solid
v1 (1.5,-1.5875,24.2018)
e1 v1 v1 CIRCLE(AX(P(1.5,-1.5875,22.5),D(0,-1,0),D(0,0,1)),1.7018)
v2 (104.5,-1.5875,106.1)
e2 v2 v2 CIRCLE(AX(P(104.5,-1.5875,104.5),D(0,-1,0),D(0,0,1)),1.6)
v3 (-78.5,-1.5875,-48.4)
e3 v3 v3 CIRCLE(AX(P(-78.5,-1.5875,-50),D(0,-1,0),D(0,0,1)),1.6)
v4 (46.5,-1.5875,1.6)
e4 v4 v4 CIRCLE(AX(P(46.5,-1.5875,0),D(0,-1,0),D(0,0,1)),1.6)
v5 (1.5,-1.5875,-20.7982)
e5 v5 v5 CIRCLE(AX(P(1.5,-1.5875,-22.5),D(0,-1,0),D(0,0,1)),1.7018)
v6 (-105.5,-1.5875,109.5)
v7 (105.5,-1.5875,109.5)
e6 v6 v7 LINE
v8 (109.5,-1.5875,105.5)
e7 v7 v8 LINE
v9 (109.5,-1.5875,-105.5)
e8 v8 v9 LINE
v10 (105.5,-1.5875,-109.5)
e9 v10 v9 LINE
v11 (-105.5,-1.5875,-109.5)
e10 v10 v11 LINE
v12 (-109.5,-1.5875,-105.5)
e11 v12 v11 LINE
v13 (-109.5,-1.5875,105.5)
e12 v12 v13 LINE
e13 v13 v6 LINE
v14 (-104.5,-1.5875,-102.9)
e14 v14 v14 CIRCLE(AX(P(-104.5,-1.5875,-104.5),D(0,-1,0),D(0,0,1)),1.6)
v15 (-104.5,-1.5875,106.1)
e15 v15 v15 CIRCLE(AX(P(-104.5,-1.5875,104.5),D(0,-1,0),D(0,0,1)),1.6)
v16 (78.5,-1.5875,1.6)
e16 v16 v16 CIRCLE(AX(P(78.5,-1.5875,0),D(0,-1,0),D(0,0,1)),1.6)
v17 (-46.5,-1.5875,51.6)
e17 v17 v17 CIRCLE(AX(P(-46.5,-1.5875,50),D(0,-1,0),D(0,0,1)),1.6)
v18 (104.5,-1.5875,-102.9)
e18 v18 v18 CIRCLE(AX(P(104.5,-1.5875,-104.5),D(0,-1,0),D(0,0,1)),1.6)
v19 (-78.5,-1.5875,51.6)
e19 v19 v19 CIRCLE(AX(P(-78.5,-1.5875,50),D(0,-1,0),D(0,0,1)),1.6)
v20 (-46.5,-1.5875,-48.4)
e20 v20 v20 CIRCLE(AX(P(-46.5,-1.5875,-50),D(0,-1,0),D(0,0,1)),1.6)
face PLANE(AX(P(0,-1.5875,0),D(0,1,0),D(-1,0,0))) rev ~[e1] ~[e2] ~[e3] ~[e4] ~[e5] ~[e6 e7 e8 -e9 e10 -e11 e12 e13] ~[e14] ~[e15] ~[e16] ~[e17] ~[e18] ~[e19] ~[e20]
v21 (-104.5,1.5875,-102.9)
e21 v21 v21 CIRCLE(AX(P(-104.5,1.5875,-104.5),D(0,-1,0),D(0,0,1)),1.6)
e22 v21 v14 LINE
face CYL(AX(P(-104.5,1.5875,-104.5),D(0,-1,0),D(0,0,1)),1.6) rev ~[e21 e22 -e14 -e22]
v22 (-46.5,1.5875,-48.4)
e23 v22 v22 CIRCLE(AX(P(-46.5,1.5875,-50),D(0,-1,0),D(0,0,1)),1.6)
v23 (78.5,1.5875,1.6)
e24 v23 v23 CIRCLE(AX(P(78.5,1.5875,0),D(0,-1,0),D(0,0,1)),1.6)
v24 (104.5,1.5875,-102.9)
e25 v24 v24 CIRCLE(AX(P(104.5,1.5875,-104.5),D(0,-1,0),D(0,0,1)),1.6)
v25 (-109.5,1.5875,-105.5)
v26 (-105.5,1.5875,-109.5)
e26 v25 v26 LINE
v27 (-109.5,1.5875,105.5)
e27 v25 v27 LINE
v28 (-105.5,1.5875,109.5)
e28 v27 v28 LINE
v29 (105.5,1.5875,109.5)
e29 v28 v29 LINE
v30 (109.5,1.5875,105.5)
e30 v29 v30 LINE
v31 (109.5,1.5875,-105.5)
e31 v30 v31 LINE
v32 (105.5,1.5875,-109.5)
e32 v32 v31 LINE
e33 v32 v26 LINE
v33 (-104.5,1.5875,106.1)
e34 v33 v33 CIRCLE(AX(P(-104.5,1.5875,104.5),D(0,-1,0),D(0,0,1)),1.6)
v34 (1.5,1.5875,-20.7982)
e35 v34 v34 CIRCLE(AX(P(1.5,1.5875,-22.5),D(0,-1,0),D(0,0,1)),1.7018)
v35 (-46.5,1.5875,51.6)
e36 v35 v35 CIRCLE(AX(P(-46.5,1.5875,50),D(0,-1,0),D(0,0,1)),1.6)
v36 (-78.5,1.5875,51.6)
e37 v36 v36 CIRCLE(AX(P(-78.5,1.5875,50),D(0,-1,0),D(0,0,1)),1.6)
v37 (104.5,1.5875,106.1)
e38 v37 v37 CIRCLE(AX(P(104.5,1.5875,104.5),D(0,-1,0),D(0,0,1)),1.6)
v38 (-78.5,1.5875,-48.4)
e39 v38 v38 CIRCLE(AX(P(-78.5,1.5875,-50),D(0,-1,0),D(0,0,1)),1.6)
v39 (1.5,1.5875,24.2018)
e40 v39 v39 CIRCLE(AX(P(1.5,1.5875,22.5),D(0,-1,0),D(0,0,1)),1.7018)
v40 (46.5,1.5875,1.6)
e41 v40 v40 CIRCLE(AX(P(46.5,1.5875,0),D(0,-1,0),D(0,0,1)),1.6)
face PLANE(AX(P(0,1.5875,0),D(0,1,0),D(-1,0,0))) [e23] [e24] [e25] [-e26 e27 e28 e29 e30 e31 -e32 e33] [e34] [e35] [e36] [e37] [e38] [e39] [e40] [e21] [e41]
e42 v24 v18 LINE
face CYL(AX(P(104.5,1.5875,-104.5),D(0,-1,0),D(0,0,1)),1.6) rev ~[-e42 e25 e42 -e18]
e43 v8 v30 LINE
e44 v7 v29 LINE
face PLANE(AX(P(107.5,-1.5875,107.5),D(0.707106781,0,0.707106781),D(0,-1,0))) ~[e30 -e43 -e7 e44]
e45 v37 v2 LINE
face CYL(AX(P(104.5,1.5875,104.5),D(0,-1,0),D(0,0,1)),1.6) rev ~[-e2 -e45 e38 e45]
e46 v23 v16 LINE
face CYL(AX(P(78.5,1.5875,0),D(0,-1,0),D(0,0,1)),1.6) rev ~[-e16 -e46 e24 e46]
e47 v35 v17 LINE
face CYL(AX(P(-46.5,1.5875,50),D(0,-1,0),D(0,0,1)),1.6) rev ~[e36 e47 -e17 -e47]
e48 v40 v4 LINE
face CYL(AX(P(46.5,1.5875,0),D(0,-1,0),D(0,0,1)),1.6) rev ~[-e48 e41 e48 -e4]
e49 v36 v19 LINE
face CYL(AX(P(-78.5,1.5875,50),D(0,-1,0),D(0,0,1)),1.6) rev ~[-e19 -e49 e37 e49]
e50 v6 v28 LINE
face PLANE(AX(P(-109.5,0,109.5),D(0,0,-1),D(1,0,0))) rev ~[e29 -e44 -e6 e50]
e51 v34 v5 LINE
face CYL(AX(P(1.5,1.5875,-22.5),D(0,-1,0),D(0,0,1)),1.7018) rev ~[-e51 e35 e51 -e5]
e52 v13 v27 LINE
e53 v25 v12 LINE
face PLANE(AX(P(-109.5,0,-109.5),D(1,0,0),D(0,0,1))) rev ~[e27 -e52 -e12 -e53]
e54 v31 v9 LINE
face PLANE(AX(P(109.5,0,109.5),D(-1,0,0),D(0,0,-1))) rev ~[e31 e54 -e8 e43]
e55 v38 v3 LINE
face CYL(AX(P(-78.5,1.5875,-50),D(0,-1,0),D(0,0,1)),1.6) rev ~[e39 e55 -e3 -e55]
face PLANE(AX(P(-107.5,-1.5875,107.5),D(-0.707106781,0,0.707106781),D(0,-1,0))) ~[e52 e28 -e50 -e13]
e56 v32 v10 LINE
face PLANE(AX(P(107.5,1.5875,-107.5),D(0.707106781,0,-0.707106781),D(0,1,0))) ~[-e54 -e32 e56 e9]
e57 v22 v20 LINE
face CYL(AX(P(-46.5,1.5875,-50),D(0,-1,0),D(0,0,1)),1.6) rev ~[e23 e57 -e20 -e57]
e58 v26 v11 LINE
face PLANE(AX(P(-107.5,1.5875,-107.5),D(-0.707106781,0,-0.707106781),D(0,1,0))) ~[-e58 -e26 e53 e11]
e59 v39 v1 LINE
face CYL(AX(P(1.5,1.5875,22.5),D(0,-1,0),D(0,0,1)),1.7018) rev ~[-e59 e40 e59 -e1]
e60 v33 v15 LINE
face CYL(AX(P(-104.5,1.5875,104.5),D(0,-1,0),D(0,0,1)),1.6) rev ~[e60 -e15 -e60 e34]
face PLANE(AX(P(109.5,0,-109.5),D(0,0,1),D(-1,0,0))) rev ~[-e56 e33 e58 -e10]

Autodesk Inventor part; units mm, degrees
ref_plane "YZ Plane" through (0, 0, 0) normal (1, 0, 0) x (0, 1, 0)
ref_plane "XZ Plane" through (0, 0, 0) normal (0, 1, 0) x (-1, 0, 0)
ref_plane "XY Plane" through (0, 0, 0) normal (0, 0, 1) x (1, 0, 0)
sketch "Sketch1" plane through (0, 0, 0) normal (0, 1, 0) x (-1, 0, 0)
  line L0 (109.5, 109.5) -> (-109.5, 109.5)
  line L1 (-109.5, 109.5) -> (-109.5, -109.5)
  line L2 (-109.5, -109.5) -> (109.5, -109.5)
  line L3 (109.5, -109.5) -> (109.5, 109.5)
  line L4 (109.5, 109.5) -> (-109.5, -109.5) construction
  line L5 (-109.5, 109.5) -> (109.5, -109.5) construction
  point P0 (0, 0)
  dimension "d0" = 219
extrude "Extrusion1" add sketch "Sketch1" along normal mid plane 3.175
chamfer "Chamfer1" distance 4 angle 45 4 edges at (-109.5, 0, 109.5) (-109.5, 0, -109.5) (109.5, 0, -109.5) (109.5, 0, 109.5)
sketch "Sketch3" plane through (0, 1.5875, 0) normal (0, 1, 0) x (1, 0, 0)
  line L0 (-104.5, -104.5) -> (104.5, -104.5) construction
  line L1 (104.5, -104.5) -> (104.5, 104.5) construction
  line L2 (104.5, 104.5) -> (-104.5, 104.5) construction
  line L3 (-104.5, 104.5) -> (-104.5, -104.5) construction
  line L4 (-104.5, -104.5) -> (104.5, 104.5) construction
  line L5 (104.5, -104.5) -> (-104.5, 104.5) construction
  line L6 (-78.5, 50) -> (-46.5, 50) construction
  line L7 (-78.5, -50) -> (-46.5, -50) construction
  line L8 (46.5, 0) -> (78.5, 0) construction
  point P0 (0, 0)
  point P1 (0, 0)
  dimension "d16" = 209
  dimension "d17" = 209
  dimension "d18" = 32
  dimension "d20" = 46.5
  dimension "d21" = 46.5
  dimension "d22" = 100
  dimension "d23" = 50
  dimension "d24" = 93
hole "Hole1" at (-104.5, 1.5875, -104.5) at (104.5, 1.5875, -104.5) at (104.5, 1.5875, 104.5) at (-104.5, 1.5875, 104.5) at (-78.5, 1.5875, -50) at (-46.5, 1.5875, -50) at (46.5, 1.5875, 0) at (78.5, 1.5875, 0) at (-46.5, 1.5875, 50) at (-78.5, 1.5875, 50) direction (0, -1, 0) diameter 3.2 end through all
sketch "Sketch4" plane through (0, 1.5875, 0) normal (0, 1, 0) x (1, 0, 0)
  line L0 (1.5, 22.5) -> (1.5, -22.5)
  line L1 (-109.5, 105.5) -> (-109.5, -105.5) projected
  point P0 (0, 0)
  point P1 (-114.5, 42.3569)
  point P2 (1.5, 0)
  point P3 (-109.5, -105.5)
  dimension "d38" = 45
  dimension "d39" = 111
hole "Hole2" at (1.5, 1.5875, -22.5) at (1.5, 1.5875, 22.5) direction (0, -1, 0) diameter 3.4036 depth 6.4 clearance for "Flat Head Machine Screw" size "M3" standard "Ansi Metric M Profile"
equation "\"d21\" = d20"
properties part number "Heated Bed Plate" material "Aluminum 6061"
